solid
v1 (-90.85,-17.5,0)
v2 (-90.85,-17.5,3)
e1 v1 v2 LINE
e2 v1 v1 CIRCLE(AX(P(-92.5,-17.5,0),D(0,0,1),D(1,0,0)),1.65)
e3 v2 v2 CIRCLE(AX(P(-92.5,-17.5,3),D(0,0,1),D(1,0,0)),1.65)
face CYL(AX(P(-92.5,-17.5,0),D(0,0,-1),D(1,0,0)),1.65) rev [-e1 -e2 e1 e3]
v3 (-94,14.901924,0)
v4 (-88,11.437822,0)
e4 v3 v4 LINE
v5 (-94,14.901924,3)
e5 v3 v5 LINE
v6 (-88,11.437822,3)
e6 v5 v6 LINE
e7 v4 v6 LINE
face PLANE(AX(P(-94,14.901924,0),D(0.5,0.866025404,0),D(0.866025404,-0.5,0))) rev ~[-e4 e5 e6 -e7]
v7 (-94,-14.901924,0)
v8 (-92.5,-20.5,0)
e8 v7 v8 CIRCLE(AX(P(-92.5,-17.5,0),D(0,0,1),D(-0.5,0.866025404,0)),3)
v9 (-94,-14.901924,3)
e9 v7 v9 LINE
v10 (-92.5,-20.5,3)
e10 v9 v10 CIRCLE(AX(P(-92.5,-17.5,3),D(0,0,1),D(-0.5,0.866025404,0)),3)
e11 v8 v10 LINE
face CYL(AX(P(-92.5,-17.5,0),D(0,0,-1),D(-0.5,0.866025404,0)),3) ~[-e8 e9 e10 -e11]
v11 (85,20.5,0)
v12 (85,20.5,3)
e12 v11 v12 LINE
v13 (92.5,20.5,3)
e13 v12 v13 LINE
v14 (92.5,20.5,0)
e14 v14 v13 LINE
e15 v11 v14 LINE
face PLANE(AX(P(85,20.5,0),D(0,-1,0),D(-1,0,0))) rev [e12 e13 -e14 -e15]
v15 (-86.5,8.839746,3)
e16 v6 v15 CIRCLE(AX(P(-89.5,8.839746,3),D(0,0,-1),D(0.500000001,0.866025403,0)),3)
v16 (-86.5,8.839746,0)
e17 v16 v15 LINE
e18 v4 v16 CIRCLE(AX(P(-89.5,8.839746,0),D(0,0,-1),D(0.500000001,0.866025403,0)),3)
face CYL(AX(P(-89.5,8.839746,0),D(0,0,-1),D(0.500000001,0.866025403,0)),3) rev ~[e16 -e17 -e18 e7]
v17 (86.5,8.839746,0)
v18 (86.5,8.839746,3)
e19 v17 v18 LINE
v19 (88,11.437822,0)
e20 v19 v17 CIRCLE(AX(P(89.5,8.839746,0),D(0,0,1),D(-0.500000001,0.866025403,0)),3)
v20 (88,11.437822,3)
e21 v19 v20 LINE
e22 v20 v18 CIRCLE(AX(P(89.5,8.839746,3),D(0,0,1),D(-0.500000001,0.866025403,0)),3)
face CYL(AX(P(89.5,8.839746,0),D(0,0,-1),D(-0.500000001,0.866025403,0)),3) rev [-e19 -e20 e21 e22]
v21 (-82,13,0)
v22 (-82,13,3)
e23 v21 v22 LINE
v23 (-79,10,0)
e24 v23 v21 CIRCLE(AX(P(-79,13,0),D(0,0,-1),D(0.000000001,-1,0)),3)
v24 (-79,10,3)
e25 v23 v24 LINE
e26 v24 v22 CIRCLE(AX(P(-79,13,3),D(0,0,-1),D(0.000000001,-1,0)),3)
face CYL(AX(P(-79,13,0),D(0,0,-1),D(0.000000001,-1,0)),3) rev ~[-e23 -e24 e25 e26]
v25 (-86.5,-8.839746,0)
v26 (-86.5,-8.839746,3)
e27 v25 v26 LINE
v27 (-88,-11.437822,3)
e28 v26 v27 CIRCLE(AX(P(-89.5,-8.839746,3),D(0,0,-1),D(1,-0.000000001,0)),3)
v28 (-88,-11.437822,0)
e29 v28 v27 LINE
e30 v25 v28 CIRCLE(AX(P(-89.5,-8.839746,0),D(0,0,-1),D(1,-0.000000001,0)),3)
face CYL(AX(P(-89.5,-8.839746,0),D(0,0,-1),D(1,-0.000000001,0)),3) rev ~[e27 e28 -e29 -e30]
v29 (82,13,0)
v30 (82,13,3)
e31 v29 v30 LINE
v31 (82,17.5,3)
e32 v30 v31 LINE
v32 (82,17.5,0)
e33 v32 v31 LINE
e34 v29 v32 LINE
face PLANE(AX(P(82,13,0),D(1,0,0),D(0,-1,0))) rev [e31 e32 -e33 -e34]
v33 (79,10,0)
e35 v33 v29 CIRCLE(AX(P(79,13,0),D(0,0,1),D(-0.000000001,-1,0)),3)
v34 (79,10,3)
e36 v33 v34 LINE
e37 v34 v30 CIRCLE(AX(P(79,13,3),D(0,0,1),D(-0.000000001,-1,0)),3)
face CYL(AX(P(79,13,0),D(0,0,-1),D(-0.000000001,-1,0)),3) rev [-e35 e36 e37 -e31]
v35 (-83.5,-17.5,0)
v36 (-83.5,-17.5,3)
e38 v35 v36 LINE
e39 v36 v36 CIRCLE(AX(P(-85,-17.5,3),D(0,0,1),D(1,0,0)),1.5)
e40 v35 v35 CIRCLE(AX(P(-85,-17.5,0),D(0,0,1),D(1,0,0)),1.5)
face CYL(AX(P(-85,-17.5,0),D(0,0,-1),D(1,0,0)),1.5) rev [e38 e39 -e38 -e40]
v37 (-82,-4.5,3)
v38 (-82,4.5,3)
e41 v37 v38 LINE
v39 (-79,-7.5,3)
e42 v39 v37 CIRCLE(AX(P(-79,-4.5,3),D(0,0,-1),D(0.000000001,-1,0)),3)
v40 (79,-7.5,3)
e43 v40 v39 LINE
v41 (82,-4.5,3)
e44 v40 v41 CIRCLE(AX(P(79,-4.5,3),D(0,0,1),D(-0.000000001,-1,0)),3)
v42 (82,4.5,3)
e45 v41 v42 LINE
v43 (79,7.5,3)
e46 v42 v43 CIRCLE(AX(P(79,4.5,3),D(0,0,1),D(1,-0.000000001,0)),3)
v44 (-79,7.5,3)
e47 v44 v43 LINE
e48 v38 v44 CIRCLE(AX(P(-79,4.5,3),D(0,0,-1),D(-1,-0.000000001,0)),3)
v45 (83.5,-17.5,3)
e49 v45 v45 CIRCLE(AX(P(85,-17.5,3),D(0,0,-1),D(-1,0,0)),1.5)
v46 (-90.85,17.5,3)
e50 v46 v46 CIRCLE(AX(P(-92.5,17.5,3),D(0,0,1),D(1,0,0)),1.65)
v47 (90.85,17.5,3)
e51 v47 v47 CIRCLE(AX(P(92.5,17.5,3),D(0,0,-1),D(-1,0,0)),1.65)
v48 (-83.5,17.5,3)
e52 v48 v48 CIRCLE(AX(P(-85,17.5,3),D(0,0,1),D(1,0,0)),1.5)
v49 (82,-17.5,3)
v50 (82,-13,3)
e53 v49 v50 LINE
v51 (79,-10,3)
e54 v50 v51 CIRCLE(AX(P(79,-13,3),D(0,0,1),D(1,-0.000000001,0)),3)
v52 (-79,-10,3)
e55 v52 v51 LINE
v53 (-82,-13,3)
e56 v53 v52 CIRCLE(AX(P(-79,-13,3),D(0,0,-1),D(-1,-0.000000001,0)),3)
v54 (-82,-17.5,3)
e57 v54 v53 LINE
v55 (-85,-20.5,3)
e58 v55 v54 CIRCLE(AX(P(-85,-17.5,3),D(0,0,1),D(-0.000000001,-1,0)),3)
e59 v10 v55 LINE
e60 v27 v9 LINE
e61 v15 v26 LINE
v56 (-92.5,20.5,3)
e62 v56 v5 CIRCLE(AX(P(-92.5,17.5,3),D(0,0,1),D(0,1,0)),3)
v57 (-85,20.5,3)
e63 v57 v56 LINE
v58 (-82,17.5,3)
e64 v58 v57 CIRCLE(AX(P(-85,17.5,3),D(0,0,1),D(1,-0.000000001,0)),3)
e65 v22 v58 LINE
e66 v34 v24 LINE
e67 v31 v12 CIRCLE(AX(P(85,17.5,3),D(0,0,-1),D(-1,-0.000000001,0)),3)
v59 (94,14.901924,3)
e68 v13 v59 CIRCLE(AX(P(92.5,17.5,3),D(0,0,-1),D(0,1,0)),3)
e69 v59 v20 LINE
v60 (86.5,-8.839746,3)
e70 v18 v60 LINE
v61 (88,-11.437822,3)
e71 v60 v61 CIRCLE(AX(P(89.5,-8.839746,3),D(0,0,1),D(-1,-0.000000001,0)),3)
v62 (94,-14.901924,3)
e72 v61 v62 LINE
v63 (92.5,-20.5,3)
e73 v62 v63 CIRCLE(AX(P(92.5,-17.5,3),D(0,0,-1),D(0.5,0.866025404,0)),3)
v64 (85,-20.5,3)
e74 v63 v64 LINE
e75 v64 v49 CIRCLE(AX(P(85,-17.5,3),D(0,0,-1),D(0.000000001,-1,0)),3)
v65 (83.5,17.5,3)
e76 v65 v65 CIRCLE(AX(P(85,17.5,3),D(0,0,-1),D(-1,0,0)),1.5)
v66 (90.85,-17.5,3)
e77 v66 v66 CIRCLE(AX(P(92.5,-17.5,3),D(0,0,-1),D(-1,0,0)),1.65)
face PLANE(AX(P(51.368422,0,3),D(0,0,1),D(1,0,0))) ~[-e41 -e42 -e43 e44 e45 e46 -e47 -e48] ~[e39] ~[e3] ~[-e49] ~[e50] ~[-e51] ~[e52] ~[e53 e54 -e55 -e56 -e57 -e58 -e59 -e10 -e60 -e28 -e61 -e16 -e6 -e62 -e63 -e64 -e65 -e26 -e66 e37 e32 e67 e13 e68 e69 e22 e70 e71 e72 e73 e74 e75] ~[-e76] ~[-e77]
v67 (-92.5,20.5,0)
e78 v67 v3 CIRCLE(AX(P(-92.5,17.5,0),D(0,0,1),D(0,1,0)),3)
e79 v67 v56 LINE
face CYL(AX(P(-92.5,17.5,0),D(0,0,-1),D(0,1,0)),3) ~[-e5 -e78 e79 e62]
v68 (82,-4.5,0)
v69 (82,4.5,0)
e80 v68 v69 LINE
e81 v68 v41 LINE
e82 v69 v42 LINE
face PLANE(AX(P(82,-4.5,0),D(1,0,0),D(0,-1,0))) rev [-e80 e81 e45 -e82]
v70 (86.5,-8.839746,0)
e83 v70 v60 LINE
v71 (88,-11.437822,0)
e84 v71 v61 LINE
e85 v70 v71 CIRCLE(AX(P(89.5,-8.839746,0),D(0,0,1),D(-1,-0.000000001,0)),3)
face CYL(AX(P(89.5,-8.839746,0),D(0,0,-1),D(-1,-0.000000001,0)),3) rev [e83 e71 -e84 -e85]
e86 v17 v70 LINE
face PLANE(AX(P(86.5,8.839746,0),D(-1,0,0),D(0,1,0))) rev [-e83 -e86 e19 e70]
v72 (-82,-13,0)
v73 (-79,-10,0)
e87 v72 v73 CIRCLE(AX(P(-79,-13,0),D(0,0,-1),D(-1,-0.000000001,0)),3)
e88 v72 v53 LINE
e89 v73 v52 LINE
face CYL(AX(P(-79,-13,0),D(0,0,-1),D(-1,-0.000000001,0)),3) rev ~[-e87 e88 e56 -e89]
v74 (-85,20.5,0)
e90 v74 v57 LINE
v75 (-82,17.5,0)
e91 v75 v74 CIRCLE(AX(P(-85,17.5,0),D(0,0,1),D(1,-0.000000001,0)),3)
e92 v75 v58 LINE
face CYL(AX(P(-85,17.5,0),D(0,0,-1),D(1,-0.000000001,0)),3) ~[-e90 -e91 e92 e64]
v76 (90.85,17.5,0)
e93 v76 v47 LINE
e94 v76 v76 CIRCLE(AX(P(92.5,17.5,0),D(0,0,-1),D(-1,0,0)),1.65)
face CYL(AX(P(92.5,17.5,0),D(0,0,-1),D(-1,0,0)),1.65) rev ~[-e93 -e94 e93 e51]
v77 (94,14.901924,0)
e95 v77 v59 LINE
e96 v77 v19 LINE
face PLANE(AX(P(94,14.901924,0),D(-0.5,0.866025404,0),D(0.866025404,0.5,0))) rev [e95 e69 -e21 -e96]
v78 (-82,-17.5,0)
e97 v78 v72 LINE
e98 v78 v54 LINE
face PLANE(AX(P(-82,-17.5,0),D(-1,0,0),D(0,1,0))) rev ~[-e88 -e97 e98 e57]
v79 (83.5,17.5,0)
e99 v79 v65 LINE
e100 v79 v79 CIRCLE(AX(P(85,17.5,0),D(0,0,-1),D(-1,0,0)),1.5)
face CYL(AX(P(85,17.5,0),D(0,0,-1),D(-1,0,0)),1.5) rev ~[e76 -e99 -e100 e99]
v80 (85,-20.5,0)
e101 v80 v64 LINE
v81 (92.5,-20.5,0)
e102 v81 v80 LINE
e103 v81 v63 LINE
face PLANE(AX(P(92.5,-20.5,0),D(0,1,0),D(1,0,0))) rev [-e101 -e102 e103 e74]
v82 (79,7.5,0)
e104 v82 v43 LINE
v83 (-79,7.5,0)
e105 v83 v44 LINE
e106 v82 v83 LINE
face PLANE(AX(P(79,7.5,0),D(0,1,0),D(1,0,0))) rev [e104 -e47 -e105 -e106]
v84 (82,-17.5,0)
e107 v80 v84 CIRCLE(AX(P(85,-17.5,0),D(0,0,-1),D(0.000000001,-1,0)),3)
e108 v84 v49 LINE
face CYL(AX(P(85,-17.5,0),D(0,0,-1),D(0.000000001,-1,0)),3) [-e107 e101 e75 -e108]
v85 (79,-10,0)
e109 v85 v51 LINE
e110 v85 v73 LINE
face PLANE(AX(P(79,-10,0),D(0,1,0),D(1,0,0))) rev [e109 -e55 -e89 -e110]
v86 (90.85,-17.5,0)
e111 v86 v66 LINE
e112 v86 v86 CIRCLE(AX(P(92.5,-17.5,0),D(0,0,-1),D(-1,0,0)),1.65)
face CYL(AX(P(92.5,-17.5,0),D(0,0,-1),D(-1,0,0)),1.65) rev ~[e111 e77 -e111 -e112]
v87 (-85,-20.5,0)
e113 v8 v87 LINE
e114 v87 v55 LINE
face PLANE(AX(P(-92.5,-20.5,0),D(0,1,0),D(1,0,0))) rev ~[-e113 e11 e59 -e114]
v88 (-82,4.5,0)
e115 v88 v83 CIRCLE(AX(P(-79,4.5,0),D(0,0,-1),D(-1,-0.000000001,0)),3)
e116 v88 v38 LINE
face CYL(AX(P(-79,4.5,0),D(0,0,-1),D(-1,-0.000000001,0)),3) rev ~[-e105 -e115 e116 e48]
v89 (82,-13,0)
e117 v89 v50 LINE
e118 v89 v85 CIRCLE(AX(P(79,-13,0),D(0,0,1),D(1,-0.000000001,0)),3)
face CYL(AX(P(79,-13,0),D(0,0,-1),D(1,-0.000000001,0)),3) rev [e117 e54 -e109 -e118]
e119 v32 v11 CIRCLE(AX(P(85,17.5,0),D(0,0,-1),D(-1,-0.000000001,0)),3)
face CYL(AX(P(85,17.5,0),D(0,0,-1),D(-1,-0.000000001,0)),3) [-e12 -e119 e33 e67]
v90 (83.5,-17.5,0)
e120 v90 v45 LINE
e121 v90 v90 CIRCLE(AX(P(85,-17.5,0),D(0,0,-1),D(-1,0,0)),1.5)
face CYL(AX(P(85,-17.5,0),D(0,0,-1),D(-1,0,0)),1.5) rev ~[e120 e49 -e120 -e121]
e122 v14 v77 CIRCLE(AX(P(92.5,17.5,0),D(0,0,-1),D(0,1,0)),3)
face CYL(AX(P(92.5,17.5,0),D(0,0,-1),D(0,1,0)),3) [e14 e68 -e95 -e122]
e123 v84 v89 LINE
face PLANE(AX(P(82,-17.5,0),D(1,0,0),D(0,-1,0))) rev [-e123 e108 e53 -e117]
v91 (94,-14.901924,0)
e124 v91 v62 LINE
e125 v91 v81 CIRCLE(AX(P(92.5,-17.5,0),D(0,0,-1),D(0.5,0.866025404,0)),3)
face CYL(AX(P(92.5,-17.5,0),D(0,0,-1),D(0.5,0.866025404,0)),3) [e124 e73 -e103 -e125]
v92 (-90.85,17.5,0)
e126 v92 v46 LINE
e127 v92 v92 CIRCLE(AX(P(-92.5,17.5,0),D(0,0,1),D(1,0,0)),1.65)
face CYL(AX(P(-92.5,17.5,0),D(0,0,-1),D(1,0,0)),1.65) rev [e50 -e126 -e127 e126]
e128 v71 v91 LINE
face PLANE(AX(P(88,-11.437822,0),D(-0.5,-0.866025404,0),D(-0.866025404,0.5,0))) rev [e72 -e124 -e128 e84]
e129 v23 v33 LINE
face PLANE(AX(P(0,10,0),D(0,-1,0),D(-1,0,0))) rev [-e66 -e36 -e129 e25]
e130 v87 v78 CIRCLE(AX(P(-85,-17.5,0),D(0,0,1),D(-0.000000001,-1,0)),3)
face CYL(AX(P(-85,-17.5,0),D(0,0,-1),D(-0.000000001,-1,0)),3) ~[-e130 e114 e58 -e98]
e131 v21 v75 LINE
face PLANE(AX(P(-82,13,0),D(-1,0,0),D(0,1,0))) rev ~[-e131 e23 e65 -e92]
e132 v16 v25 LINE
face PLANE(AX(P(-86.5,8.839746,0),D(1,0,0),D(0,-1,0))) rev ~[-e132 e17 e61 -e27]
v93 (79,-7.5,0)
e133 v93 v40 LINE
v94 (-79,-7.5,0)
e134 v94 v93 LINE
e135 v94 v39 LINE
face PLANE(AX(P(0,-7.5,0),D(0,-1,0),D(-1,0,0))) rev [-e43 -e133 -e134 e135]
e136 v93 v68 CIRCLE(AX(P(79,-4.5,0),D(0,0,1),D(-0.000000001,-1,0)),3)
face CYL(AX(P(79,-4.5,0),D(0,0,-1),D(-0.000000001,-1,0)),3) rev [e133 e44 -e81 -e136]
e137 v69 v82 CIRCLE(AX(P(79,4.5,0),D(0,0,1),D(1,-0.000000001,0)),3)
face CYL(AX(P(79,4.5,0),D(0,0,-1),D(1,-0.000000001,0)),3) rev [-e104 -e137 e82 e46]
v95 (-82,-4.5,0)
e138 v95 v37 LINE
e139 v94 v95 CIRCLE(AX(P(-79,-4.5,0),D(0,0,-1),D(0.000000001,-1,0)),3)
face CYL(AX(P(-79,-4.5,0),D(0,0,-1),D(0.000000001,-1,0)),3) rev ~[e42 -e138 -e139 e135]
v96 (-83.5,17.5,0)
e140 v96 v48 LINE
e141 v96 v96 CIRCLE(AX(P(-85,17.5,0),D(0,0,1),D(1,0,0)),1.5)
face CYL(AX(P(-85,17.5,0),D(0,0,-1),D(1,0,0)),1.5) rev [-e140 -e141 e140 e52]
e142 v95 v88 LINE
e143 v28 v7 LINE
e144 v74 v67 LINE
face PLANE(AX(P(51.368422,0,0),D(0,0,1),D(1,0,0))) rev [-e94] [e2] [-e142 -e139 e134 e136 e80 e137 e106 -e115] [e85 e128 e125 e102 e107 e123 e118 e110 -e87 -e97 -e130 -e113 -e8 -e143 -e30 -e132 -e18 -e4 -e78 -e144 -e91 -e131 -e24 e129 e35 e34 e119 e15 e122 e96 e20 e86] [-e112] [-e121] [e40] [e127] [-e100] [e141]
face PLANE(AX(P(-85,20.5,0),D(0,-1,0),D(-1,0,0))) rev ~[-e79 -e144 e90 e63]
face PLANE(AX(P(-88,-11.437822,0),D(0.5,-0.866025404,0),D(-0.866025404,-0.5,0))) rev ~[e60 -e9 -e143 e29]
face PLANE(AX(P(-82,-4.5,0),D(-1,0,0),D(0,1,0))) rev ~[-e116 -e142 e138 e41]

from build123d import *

# Parameters (mm, degrees)
ESBO_O1_R                = 1.65
ESBO_O1_R_2              = 1.5
RESSALTO_EXTRUS_O1_DEPTH = 3


with BuildPart() as part:
    # Esboço1 → Ressalto-extrusão1 (new body)
    with BuildSketch(Plane.XY):
        with BuildLine():
            Line((-92.5, -20.5), (-85, -20.5))
            ThreePointArc((-85, -20.5), (-82.878679656, -19.621320344), (-82, -17.5))
            Line((-82, -17.5), (-82, -13))
            ThreePointArc((-82, -13), (-81.121320344, -10.878679656), (-79, -10))
            Line((-79, -10), (0, -10))
            Line((0, -10), (0, -7.5))
            Line((0, -7.5), (-79, -7.5))
            ThreePointArc((-79, -7.5), (-81.121320344, -6.621320344), (-82, -4.5))
            Line((-82, -4.5), (-82, 4.5))
            ThreePointArc((-82, 4.5), (-81.121320344, 6.621320344), (-79, 7.5))
            Line((-79, 7.5), (0, 7.5))
            Line((0, 7.5), (0, 10))
            Line((0, 10), (-79, 10))
            ThreePointArc((-79, 10), (-81.121320344, 10.878679656), (-82, 13))
            Line((-82, 13), (-82, 17.5))
            ThreePointArc((-82, 17.5), (-82.878679656, 19.621320344), (-85, 20.5))
            Line((-85, 20.5), (-92.5, 20.5))
            ThreePointArc((-92.5, 20.5), (-95.397777479, 18.276457135), (-94, 14.901923789))
            Line((-94, 14.901923789), (-88, 11.437822174))
            ThreePointArc((-88, 11.437822174), (-86.901923789, 10.339745962), (-86.5, 8.839745962))
            Line((-86.5, 8.839745962), (-86.5, -8.839745962))
            ThreePointArc((-86.5, -8.839745962), (-86.901923789, -10.339745962), (-88, -11.437822174))
            Line((-88, -11.437822174), (-94, -14.901923789))
            ThreePointArc((-94, -14.901923789), (-95.397777479, -18.276457135), (-92.5, -20.5))
        make_face()
        with Locations((-92.5, 17.5)):
            Circle(ESBO_O1_R, mode=Mode.SUBTRACT)
        with Locations((-92.5, -17.5)):
            Circle(ESBO_O1_R, mode=Mode.SUBTRACT)
        with Locations((-85, 17.5)):
            Circle(ESBO_O1_R_2, mode=Mode.SUBTRACT)
        with Locations((-85, -17.5)):
            Circle(ESBO_O1_R_2, mode=Mode.SUBTRACT)
    ressalto_extrus_o1 = extrude(amount=RESSALTO_EXTRUS_O1_DEPTH)

    # Espelhar1: Ressalto-extrusão1 across plane
    add(ressalto_extrus_o1.mirror(Plane(origin=(0, 0, 0), x_dir=(0, 0, 1), z_dir=(1, 0, 0))))


solid = part.part
